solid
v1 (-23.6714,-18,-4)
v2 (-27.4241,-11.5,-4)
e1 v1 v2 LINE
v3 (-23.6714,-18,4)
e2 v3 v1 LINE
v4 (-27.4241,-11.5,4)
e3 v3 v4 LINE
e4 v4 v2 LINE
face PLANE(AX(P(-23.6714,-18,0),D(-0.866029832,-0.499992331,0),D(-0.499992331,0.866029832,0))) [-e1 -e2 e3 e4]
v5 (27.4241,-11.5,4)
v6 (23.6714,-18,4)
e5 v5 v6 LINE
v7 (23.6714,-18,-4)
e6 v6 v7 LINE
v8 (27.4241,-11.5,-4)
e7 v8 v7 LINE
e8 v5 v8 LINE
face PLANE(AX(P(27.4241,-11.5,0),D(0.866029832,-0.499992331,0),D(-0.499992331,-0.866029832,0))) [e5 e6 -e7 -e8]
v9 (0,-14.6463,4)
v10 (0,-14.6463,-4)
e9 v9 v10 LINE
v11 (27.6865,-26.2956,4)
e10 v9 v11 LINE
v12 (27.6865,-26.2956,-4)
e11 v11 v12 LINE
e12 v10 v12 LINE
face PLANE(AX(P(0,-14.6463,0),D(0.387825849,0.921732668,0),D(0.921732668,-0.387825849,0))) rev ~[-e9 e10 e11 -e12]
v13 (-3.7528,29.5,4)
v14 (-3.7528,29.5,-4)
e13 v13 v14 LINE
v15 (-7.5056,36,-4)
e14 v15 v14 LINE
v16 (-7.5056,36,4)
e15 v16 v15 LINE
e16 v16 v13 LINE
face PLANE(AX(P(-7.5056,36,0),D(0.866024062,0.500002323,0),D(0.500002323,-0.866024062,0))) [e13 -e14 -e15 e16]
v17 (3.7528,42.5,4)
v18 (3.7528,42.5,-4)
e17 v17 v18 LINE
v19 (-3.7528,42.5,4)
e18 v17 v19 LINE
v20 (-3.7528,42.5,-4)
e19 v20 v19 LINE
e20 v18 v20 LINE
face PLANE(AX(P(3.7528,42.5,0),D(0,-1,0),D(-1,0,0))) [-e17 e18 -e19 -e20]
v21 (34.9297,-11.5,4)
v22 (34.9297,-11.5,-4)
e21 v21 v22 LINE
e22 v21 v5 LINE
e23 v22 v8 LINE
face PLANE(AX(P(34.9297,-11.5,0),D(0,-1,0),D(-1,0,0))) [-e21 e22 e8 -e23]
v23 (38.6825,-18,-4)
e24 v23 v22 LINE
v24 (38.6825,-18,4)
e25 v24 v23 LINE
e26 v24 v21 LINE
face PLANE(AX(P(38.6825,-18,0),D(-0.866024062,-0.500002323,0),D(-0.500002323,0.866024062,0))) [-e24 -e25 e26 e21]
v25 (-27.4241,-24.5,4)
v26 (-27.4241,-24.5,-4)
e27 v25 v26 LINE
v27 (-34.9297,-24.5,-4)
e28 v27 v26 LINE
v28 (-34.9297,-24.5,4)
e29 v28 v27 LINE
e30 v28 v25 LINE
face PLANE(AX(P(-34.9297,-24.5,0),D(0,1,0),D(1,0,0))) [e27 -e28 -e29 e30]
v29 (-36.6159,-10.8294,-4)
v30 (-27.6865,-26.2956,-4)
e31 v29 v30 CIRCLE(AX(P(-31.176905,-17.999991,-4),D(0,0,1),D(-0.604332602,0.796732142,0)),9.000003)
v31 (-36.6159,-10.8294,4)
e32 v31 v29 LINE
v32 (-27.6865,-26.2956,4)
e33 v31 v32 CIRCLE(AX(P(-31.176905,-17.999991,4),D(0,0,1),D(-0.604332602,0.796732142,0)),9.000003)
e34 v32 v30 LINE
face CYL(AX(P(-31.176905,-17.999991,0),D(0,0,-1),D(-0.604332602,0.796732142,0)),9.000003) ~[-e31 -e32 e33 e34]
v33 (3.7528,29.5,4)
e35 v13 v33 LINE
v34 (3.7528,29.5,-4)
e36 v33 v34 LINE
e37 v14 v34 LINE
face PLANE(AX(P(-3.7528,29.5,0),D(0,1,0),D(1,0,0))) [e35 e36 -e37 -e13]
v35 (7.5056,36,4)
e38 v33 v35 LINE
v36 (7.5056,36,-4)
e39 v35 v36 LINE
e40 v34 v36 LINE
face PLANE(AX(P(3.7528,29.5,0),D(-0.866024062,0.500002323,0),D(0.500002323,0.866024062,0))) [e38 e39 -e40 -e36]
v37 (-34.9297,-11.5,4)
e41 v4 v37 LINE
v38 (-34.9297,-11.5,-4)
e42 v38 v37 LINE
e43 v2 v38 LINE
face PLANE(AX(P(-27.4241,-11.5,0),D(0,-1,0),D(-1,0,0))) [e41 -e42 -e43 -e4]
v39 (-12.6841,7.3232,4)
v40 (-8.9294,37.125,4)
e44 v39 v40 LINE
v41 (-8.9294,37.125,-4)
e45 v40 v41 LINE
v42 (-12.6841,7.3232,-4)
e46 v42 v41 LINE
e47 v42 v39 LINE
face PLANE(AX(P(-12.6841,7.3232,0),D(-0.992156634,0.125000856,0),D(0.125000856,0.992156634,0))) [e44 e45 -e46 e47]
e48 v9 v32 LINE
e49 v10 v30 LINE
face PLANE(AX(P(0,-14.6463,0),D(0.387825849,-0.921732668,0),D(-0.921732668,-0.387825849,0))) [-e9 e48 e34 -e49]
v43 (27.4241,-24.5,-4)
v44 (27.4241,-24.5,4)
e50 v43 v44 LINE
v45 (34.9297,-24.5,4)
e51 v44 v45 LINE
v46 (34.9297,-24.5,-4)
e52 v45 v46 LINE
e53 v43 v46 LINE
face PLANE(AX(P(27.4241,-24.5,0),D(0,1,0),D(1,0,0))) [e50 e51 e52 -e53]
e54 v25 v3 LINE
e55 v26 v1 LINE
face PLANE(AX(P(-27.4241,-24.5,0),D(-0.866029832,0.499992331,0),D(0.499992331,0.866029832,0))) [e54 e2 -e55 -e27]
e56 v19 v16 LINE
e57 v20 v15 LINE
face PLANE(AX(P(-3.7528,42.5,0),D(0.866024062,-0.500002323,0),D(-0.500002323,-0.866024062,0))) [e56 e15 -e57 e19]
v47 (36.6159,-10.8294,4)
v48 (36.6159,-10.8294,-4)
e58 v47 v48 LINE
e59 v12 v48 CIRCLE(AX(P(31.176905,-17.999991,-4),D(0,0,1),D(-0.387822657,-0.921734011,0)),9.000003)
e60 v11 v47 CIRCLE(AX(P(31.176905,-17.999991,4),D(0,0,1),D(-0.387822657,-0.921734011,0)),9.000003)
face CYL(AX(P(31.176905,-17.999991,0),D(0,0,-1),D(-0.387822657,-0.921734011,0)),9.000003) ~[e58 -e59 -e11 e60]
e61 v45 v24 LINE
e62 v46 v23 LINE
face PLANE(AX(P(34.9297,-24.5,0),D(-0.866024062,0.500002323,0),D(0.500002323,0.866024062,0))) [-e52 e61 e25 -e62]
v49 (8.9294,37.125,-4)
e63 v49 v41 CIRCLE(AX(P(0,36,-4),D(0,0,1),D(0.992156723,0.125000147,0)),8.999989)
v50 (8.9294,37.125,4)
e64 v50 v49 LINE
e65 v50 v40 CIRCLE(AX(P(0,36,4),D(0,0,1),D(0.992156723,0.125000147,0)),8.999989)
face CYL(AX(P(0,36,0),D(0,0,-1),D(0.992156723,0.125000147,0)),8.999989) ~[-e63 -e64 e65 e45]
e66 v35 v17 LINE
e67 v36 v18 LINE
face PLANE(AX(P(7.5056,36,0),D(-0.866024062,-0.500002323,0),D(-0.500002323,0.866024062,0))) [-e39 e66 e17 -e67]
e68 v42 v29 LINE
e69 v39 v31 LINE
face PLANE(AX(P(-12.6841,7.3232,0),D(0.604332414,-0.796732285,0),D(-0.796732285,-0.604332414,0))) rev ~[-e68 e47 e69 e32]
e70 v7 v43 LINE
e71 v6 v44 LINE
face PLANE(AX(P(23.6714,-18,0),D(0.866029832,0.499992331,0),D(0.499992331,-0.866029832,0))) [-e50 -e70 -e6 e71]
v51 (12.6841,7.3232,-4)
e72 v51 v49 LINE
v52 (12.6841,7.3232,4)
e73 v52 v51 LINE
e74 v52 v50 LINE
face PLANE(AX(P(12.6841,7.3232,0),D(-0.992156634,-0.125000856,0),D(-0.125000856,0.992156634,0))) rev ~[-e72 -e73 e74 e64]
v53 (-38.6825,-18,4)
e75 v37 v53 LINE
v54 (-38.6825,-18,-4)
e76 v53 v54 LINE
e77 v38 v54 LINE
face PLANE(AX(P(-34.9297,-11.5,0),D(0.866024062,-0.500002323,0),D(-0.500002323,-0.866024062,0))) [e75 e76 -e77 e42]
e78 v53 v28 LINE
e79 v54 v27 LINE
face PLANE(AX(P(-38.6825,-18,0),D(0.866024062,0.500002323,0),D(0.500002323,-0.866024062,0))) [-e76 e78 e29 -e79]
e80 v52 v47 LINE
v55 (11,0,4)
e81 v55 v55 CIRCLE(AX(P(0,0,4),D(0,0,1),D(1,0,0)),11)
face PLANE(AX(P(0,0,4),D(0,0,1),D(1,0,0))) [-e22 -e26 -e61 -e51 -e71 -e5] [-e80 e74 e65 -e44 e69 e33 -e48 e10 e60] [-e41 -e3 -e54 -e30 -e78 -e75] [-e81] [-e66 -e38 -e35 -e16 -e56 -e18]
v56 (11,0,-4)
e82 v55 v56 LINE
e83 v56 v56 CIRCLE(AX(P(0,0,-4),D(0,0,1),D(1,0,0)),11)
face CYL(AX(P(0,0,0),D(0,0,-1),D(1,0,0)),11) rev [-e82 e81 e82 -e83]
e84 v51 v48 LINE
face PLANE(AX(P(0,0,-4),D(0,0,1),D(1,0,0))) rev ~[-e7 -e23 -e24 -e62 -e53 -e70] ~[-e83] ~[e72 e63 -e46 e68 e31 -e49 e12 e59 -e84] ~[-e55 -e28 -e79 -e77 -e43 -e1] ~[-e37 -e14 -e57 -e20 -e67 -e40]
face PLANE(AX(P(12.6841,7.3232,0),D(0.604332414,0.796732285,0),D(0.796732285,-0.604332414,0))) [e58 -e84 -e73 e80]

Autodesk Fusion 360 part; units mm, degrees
sketch "Sketch1" plane through (0, 0, 0) normal (0, 0, 1) x (1, 0, 0) in component "fidget spinner"
  circle A0 centre (0, 0) radius 4
  circle A1 centre (0, 0) radius 11
  circle A2 centre (0, 0) radius 13.5
  line L0 (-3.7528, 42.5) -> (-7.5056, 36)
  line L1 (-7.5056, 36) -> (-3.7528, 29.5)
  line L2 (-3.7528, 29.5) -> (3.7528, 29.5)
  line L3 (3.7528, 29.5) -> (7.5056, 36)
  line L4 (7.5056, 36) -> (3.7528, 42.5)
  line L5 (3.7528, 42.5) -> (-3.7528, 42.5)
  line L6 (-12.6841, 7.3232) -> (-8.9294, 37.125)
  line L7 (12.6841, 7.3232) -> (8.9294, 37.125)
  line L8 (-34.9297, -11.5) -> (-38.6825, -18)
  line L9 (-38.6825, -18) -> (-34.9297, -24.5)
  line L10 (-34.9297, -24.5) -> (-27.4241, -24.5)
  line L11 (-27.4241, -24.5) -> (-23.6714, -18)
  line L12 (-23.6714, -18) -> (-27.4241, -11.5)
  line L13 (-27.4241, -11.5) -> (-34.9297, -11.5)
  line L14 (0, -14.6463) -> (-27.6865, -26.2956)
  line L15 (-12.6841, 7.3232) -> (-36.6159, -10.8294)
  line L16 (27.4241, -24.5) -> (34.9297, -24.5)
  line L17 (34.9297, -24.5) -> (38.6825, -18)
  line L18 (38.6825, -18) -> (34.9297, -11.5)
  line L19 (34.9297, -11.5) -> (27.4241, -11.5)
  line L20 (27.4241, -11.5) -> (23.6714, -18)
  line L21 (23.6714, -18) -> (27.4241, -24.5)
  line L22 (12.6841, 7.3232) -> (36.6159, -10.8294)
  line L23 (0, -14.6463) -> (27.6865, -26.2956)
  arc A3 (8.9294, 37.125) -> (-8.9294, 37.125) centre (0, 36) ccw
  arc A4 (-36.6159, -10.8294) -> (-27.6865, -26.2956) centre (-31.1769, -18) ccw
  arc A5 (27.6865, -26.2956) -> (36.6159, -10.8294) centre (31.1769, -18) ccw
  point P0 (0, 36)
  dimension "d1" = 8
  dimension "d2" = 22
  dimension "d3" = 27
  dimension "d4" = 36
  dimension "d5" = 6.5
  dimension "d6" = 18
extrude "Extrude1" add sketch "Sketch1" along normal mid plane 8 contours A2 | L6 L7 L14 L15 L22 L23 A3 A4 A5 in component "fidget spinner"
component "fidget spinner" placed x (1, 0, 0) y (0, 1, 0) z (0, 0, 1) at (0, 0, 0)
